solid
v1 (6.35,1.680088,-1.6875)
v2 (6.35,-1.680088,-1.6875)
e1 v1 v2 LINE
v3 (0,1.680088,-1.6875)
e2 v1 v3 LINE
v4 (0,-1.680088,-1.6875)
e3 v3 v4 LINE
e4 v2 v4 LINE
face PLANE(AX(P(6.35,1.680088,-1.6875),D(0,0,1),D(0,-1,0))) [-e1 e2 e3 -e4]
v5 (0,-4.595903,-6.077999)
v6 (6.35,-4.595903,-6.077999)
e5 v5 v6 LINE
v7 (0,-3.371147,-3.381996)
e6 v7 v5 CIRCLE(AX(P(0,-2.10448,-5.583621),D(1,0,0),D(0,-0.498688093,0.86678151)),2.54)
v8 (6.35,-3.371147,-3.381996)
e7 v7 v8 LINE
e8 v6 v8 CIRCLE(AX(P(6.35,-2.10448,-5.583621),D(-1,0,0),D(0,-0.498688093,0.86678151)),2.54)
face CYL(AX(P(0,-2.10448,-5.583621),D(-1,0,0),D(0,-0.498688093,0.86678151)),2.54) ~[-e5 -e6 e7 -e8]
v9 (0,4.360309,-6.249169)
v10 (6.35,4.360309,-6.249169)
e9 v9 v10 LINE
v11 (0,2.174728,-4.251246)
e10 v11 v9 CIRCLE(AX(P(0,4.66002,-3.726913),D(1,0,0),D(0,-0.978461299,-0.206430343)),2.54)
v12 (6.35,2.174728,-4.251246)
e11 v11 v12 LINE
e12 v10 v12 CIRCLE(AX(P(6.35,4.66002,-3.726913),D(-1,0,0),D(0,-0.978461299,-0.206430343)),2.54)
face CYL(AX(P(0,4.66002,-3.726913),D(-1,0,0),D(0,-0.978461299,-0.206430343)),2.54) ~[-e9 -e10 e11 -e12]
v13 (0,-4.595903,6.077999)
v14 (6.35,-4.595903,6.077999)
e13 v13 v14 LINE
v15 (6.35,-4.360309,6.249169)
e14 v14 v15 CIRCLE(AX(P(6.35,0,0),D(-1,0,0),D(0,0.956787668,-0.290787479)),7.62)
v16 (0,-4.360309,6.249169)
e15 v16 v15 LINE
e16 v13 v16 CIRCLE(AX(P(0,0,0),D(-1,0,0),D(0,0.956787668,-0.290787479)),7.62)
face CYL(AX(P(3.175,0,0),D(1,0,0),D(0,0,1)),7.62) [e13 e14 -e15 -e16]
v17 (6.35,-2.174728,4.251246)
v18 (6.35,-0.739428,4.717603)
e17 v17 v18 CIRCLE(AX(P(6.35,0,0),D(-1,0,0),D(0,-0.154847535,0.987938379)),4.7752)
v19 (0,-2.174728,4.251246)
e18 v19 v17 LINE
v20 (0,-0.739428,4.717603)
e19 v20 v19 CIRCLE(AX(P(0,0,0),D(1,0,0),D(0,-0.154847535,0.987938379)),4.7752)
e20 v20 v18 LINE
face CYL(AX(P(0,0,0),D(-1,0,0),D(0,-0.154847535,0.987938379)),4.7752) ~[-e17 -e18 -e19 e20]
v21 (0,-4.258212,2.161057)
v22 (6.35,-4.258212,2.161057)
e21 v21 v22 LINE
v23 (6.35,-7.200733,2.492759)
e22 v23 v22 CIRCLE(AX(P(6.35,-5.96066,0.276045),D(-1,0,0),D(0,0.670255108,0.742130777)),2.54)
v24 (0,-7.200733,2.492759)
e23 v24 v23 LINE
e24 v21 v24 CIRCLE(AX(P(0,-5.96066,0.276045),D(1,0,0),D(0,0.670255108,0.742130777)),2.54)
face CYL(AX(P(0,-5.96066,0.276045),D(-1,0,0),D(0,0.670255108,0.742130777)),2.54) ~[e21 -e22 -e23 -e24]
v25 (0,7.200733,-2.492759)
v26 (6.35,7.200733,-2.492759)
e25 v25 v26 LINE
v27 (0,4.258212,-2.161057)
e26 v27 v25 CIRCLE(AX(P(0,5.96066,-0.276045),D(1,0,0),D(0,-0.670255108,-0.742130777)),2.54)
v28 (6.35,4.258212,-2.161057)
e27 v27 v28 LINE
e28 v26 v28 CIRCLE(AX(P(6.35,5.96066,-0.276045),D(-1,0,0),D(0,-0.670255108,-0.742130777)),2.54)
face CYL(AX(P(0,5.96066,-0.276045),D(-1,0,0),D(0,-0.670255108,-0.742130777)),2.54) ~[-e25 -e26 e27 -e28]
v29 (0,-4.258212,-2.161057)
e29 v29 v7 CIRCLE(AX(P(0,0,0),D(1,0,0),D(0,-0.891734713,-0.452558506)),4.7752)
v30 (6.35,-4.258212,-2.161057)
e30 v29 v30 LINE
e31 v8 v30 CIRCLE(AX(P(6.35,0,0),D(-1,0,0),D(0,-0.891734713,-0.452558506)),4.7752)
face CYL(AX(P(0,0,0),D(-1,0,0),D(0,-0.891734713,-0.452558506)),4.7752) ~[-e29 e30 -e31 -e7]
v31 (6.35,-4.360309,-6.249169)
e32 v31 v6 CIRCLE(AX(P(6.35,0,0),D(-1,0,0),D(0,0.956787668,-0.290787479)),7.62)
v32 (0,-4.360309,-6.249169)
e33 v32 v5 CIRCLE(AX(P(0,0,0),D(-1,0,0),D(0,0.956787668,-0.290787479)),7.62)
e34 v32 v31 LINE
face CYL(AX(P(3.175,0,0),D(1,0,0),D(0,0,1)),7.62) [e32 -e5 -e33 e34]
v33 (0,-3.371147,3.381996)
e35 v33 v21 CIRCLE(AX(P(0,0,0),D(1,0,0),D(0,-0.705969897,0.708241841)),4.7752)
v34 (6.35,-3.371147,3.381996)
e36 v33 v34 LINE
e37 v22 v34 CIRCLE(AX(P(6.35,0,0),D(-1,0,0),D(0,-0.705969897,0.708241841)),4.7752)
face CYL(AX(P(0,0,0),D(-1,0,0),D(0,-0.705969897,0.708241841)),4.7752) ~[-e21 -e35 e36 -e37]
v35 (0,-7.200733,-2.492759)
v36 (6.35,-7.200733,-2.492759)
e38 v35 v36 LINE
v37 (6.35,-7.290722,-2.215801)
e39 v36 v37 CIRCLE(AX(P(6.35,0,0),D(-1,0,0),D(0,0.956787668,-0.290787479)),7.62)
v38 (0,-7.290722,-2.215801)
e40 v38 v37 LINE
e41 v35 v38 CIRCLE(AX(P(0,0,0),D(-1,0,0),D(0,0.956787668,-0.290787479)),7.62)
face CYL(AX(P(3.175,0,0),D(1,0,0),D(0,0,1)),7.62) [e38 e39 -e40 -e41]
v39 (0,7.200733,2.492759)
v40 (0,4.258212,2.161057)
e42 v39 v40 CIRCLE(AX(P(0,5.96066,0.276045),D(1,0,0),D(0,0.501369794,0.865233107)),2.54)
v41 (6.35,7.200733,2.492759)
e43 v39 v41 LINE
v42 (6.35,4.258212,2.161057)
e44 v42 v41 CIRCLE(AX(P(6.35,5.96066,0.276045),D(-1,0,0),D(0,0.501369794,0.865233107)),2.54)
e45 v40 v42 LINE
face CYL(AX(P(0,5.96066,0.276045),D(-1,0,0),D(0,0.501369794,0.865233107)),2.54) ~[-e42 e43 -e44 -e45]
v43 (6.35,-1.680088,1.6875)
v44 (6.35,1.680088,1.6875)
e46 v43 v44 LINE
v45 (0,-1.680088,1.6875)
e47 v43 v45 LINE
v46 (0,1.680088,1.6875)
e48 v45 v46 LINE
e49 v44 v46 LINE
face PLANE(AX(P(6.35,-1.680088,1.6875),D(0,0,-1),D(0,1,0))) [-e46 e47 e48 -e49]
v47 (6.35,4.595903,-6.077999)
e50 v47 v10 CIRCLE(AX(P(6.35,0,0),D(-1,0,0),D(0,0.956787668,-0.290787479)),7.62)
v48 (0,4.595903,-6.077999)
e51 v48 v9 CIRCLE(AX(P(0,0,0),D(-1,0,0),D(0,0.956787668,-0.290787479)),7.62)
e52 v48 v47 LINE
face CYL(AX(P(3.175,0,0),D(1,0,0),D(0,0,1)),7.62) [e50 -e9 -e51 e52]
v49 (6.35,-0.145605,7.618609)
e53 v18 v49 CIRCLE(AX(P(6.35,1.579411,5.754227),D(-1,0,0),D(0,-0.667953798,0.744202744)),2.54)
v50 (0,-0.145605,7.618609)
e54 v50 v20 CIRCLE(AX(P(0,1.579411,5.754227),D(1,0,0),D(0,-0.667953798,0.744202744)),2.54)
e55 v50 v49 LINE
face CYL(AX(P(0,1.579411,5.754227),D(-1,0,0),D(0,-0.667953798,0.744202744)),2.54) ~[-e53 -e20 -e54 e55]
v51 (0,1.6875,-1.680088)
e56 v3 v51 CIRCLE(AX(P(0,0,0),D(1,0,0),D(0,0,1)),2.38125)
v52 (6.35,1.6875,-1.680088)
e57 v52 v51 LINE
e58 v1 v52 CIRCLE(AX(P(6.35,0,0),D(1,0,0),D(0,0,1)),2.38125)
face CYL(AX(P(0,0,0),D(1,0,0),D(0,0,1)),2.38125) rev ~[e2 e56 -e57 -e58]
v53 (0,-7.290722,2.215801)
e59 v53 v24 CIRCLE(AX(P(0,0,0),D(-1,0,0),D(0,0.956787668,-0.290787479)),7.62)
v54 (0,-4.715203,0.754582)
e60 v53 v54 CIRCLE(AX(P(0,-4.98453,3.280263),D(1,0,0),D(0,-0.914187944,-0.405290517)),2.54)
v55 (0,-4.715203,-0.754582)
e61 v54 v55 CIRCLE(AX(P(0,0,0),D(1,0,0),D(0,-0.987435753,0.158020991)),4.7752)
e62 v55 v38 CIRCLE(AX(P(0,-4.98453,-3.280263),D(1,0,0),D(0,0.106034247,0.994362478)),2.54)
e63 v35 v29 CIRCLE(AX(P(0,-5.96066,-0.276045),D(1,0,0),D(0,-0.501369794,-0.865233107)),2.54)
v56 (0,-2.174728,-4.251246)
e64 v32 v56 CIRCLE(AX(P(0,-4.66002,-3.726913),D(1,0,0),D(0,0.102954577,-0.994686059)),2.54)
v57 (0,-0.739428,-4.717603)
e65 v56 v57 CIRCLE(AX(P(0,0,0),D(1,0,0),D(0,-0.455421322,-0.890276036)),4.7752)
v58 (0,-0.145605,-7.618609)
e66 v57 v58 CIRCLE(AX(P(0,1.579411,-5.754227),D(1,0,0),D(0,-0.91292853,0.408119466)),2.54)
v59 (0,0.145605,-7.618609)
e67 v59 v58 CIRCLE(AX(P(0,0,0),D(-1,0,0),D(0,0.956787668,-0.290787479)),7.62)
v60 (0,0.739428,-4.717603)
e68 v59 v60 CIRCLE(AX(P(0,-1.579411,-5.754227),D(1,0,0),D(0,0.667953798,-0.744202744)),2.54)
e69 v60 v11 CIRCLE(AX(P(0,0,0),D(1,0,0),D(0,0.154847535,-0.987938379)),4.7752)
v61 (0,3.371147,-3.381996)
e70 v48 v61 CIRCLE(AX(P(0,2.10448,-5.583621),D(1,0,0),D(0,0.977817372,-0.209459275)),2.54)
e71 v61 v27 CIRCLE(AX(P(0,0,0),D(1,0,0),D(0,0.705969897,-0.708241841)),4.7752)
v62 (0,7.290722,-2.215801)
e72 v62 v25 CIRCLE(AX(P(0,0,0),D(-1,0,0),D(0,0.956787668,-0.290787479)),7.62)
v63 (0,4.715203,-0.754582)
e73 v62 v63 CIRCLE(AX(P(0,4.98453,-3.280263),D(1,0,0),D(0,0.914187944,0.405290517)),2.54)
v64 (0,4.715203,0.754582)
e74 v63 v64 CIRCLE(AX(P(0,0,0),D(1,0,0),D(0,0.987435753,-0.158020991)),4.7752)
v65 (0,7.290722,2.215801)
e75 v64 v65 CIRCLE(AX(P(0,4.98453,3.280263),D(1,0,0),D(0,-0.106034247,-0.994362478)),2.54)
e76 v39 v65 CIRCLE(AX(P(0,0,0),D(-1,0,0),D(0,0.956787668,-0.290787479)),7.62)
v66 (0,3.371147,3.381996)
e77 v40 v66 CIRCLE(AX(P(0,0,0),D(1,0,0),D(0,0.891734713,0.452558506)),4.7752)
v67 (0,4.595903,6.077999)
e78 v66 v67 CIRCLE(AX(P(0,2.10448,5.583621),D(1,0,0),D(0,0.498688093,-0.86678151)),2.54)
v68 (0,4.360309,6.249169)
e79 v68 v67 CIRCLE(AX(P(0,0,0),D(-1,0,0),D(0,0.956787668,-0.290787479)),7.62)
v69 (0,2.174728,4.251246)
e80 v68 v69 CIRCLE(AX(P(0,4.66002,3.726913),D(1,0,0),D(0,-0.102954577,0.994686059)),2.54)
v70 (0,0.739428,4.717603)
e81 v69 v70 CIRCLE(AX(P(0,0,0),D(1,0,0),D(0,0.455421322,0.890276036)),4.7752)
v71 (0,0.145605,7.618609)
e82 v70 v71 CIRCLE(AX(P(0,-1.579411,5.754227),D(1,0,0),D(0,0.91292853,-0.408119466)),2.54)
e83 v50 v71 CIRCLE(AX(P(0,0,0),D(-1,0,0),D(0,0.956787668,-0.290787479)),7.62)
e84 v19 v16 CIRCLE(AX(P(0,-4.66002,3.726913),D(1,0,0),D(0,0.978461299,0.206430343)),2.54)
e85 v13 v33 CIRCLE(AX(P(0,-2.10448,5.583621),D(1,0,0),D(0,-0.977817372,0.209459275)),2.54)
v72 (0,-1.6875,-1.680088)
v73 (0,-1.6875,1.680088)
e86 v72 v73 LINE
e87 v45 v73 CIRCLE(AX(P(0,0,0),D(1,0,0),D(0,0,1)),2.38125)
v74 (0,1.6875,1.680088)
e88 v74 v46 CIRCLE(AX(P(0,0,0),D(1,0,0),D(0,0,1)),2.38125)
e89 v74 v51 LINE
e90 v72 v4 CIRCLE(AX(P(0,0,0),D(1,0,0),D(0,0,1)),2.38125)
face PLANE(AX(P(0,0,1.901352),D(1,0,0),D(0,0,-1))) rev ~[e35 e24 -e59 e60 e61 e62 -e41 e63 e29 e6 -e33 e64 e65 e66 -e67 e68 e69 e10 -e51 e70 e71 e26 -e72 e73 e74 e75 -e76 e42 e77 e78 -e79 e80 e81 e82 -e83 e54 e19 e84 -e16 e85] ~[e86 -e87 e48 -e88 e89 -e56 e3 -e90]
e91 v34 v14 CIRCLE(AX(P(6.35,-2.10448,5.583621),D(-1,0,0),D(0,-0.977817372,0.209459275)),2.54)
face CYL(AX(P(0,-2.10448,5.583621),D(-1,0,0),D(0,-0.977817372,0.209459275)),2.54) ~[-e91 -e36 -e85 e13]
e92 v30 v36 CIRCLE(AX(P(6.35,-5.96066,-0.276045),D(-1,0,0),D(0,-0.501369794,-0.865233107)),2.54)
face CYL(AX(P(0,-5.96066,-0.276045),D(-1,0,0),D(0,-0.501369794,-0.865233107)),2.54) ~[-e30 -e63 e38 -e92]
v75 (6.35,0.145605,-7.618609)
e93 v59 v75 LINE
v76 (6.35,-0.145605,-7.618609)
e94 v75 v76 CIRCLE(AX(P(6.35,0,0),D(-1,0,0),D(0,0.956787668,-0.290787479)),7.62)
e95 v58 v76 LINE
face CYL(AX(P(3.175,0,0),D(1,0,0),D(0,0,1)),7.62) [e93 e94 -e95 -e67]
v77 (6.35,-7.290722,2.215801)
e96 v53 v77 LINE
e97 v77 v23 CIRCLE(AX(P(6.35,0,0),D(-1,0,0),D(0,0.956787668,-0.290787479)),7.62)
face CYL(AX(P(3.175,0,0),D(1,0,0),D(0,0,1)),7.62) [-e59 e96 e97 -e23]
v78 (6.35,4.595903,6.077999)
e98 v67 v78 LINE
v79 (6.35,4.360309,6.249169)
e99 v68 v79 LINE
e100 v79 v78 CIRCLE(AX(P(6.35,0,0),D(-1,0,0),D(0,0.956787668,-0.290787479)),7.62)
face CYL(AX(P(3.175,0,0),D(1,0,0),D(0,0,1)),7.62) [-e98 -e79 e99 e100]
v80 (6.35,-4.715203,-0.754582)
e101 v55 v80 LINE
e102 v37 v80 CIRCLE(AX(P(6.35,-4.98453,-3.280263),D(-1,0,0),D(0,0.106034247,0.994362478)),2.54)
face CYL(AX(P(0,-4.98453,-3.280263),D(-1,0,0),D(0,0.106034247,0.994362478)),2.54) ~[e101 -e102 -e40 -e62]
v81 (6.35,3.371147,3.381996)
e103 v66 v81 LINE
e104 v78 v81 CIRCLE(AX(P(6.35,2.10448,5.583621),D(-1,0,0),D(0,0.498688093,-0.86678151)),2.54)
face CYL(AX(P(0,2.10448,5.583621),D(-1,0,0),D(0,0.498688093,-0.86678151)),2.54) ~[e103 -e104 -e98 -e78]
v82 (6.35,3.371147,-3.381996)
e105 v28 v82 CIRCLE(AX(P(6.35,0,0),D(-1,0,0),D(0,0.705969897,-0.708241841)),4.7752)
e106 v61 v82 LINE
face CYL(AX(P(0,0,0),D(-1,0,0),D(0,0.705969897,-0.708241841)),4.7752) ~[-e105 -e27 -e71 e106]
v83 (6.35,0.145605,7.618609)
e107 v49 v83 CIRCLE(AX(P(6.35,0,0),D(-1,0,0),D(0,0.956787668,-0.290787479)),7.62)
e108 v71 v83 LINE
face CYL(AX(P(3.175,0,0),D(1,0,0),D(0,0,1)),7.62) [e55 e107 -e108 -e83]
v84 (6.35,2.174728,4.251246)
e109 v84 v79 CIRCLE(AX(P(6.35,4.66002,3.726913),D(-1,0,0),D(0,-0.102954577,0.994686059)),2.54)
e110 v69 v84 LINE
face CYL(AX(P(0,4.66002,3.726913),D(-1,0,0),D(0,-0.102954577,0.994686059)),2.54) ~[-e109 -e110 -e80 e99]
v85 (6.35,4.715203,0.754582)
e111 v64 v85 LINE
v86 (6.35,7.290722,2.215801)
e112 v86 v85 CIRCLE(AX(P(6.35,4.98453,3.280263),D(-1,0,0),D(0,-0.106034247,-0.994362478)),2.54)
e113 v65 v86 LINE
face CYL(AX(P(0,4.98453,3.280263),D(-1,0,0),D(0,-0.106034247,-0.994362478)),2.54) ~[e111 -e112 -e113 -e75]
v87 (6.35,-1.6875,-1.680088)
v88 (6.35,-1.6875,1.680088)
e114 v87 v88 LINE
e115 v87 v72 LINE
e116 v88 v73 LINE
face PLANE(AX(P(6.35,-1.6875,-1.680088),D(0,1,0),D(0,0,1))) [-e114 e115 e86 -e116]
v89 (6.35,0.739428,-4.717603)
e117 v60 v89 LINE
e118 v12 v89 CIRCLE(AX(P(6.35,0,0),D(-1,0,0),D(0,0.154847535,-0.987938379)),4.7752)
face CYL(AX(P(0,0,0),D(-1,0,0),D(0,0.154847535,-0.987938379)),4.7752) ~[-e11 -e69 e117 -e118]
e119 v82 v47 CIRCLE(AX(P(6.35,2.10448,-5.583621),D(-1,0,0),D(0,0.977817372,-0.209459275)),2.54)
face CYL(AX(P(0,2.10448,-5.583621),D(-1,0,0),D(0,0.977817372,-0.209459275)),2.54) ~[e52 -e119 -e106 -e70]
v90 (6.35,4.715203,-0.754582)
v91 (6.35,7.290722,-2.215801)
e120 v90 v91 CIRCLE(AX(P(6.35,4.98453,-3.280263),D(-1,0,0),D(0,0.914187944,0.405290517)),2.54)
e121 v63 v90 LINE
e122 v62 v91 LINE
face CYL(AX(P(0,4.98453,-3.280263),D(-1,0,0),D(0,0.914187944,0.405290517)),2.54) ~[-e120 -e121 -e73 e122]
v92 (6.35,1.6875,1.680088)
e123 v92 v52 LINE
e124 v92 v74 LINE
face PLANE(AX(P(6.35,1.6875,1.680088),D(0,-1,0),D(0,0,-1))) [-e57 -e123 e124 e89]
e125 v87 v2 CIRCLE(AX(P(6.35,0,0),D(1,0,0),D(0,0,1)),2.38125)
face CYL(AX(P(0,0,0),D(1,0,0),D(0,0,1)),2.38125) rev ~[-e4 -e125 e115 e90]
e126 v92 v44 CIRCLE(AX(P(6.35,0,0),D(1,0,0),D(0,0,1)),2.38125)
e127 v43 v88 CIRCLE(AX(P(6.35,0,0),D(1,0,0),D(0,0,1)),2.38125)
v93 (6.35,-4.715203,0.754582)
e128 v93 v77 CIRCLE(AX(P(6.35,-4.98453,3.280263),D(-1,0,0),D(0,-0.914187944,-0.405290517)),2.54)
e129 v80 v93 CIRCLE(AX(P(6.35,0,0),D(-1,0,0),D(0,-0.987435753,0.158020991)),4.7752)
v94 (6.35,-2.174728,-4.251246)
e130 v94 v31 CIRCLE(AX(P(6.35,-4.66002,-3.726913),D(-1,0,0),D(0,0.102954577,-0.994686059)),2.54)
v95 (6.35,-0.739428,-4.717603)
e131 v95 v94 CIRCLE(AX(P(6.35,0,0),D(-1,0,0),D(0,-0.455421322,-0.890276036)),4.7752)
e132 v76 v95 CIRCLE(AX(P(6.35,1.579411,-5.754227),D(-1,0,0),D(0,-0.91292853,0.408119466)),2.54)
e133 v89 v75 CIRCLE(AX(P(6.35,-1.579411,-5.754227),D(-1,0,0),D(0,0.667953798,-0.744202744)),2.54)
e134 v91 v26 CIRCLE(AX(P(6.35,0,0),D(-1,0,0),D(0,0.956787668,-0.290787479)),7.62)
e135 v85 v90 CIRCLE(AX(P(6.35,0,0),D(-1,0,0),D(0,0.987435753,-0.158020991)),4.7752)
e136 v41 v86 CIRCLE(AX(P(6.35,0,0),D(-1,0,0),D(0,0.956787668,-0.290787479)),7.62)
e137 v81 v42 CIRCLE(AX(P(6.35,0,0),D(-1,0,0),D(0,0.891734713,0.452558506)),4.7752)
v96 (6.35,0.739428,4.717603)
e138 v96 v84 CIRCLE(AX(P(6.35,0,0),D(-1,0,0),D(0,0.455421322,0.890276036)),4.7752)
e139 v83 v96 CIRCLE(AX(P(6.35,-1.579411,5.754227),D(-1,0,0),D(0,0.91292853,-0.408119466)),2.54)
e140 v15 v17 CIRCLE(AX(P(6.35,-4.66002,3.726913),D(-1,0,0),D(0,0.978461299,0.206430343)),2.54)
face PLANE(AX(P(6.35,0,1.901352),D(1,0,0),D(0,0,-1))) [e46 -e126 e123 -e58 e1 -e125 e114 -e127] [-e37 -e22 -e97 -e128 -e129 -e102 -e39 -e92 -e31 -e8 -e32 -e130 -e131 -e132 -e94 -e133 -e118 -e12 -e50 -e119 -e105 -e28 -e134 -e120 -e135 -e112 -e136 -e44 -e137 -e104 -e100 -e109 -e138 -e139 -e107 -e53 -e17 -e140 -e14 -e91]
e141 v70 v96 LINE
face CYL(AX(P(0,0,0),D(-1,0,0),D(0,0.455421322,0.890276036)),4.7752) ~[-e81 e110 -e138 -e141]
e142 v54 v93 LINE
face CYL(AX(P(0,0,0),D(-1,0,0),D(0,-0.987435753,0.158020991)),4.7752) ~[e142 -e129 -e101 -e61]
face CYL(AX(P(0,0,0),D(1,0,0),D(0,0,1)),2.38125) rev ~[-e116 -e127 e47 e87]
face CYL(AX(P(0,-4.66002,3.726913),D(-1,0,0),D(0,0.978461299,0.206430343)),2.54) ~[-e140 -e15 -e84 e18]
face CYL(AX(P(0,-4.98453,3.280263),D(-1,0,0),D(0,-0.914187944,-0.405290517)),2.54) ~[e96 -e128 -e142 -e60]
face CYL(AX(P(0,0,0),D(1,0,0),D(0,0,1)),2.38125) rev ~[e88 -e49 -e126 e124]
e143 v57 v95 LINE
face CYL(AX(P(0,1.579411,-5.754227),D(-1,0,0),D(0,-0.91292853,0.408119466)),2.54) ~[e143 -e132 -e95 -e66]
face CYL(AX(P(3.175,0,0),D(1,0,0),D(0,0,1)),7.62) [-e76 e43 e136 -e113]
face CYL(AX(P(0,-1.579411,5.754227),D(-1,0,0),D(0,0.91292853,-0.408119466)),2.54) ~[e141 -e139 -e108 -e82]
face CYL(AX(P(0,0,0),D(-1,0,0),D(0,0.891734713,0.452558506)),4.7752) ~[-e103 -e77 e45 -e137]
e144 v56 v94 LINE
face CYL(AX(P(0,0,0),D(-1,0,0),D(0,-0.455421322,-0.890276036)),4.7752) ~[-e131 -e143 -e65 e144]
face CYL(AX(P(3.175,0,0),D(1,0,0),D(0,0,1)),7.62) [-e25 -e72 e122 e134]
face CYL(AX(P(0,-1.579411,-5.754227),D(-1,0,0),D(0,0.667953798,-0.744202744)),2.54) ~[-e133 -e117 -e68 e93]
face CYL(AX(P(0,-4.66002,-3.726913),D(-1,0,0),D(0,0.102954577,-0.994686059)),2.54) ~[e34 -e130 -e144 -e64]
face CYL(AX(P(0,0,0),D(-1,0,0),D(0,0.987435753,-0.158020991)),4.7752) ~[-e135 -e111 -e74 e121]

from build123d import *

# Parameters (mm, degrees)
BASPROSKE_W         = 6.35
BASPROSKE_H         = 7.62
TOOTHCUT_DEPTH      = 13.508049408
TEETHCUTS_COUNT     = 10
TEETHCUTS_ANGLE     = 324
BORSKE_R            = 2.38125
BORE_DEPTH          = 50.8000508
BOSS_EXTRUDE1_DEPTH = 6.35


with BuildPart() as part:
    # BasProSke → Base-Revolve (revolve)
    with BuildSketch(Plane(origin=(0, 0, 0), x_dir=(1, 0, 0), z_dir=(0, 1, 0)), mode=Mode.PRIVATE) as base_revolve_sk:
        with Locations((3.175, 3.81)):
            Rectangle(BASPROSKE_W, BASPROSKE_H)
    revolve(base_revolve_sk.sketch.rotate(Axis((-10, 0, 0), (1, 0, 0)), 180), axis=Axis((-10, 0, 0), (1, 0, 0)))

    # TooCutSke → ToothCut (cut, through all)
    with BuildSketch(Plane(origin=(0, 0, 0), x_dir=(0, 0, -1), z_dir=(1, 0, 0))):
        with BuildLine():
            ThreePointArc((0.754581835, 4.715203208), (0, 4.7752), (-0.754581835, 4.715203208))
            ThreePointArc((-0.754581835, 4.715203208), (-1.08060133, 6.254605234), (-2.250824617, 7.306567573))
            ThreePointArc((-2.250824617, 7.306567573), (0, 7.6454), (2.250824617, 7.306567573))
            ThreePointArc((2.250824617, 7.306567573), (1.08060133, 6.254605234), (0.754581835, 4.715203208))
        make_face()
    toothcut = extrude(amount=TOOTHCUT_DEPTH, mode=Mode.SUBTRACT)

    # TeethCuts: ToothCut ×10 about axis
    teethcuts_axis = Axis((-10, 0, 0), (1, 0, 0))
    for i in range(1, TEETHCUTS_COUNT):
        add(toothcut.rotate(teethcuts_axis, i * TEETHCUTS_ANGLE / (TEETHCUTS_COUNT - 1)), mode=Mode.SUBTRACT)

    # BorSke → Bore (cut, symmetric)
    with BuildSketch(Plane(origin=(0, 0, 0), x_dir=(0, 0, -1), z_dir=(1, 0, 0))):
        with Locations(Location((0, 0, 0), (0, 0, 180))):
            Circle(BORSKE_R)
    extrude(amount=BORE_DEPTH, both=True, mode=Mode.SUBTRACT)

    # Sketch1 → Boss-Extrude1 (add)
    with BuildSketch(Plane(origin=(6.35, 0, 0), x_dir=(0, 0, -1), z_dir=(1, 0, 0))):
        with BuildLine():
            Line((-1.680087888, 1.6875), (1.680087888, 1.6875))
            ThreePointArc((1.680087888, 1.6875), (0, 2.38125), (-1.680087888, 1.6875))
        make_face()
        with BuildLine():
            ThreePointArc((-1.6875, 1.680087888), (-2.38125, 0), (-1.6875, -1.680087888))
            Line((-1.6875, -1.680087888), (-1.6875, 1.680087888))
        make_face()
        with BuildLine():
            ThreePointArc((-1.680087888, -1.6875), (0, -2.38125), (1.680087888, -1.6875))
            Line((1.680087888, -1.6875), (-1.680087888, -1.6875))
        make_face()
        with BuildLine():
            Line((1.6875, 1.680087888), (1.6875, -1.680087888))
            ThreePointArc((1.6875, -1.680087888), (2.200989657, -0.908843272), (2.38125, 0))
            ThreePointArc((2.38125, 0), (2.200989657, 0.908843272), (1.6875, 1.680087888))
        make_face()
    extrude(amount=-BOSS_EXTRUDE1_DEPTH)


solid = part.part
